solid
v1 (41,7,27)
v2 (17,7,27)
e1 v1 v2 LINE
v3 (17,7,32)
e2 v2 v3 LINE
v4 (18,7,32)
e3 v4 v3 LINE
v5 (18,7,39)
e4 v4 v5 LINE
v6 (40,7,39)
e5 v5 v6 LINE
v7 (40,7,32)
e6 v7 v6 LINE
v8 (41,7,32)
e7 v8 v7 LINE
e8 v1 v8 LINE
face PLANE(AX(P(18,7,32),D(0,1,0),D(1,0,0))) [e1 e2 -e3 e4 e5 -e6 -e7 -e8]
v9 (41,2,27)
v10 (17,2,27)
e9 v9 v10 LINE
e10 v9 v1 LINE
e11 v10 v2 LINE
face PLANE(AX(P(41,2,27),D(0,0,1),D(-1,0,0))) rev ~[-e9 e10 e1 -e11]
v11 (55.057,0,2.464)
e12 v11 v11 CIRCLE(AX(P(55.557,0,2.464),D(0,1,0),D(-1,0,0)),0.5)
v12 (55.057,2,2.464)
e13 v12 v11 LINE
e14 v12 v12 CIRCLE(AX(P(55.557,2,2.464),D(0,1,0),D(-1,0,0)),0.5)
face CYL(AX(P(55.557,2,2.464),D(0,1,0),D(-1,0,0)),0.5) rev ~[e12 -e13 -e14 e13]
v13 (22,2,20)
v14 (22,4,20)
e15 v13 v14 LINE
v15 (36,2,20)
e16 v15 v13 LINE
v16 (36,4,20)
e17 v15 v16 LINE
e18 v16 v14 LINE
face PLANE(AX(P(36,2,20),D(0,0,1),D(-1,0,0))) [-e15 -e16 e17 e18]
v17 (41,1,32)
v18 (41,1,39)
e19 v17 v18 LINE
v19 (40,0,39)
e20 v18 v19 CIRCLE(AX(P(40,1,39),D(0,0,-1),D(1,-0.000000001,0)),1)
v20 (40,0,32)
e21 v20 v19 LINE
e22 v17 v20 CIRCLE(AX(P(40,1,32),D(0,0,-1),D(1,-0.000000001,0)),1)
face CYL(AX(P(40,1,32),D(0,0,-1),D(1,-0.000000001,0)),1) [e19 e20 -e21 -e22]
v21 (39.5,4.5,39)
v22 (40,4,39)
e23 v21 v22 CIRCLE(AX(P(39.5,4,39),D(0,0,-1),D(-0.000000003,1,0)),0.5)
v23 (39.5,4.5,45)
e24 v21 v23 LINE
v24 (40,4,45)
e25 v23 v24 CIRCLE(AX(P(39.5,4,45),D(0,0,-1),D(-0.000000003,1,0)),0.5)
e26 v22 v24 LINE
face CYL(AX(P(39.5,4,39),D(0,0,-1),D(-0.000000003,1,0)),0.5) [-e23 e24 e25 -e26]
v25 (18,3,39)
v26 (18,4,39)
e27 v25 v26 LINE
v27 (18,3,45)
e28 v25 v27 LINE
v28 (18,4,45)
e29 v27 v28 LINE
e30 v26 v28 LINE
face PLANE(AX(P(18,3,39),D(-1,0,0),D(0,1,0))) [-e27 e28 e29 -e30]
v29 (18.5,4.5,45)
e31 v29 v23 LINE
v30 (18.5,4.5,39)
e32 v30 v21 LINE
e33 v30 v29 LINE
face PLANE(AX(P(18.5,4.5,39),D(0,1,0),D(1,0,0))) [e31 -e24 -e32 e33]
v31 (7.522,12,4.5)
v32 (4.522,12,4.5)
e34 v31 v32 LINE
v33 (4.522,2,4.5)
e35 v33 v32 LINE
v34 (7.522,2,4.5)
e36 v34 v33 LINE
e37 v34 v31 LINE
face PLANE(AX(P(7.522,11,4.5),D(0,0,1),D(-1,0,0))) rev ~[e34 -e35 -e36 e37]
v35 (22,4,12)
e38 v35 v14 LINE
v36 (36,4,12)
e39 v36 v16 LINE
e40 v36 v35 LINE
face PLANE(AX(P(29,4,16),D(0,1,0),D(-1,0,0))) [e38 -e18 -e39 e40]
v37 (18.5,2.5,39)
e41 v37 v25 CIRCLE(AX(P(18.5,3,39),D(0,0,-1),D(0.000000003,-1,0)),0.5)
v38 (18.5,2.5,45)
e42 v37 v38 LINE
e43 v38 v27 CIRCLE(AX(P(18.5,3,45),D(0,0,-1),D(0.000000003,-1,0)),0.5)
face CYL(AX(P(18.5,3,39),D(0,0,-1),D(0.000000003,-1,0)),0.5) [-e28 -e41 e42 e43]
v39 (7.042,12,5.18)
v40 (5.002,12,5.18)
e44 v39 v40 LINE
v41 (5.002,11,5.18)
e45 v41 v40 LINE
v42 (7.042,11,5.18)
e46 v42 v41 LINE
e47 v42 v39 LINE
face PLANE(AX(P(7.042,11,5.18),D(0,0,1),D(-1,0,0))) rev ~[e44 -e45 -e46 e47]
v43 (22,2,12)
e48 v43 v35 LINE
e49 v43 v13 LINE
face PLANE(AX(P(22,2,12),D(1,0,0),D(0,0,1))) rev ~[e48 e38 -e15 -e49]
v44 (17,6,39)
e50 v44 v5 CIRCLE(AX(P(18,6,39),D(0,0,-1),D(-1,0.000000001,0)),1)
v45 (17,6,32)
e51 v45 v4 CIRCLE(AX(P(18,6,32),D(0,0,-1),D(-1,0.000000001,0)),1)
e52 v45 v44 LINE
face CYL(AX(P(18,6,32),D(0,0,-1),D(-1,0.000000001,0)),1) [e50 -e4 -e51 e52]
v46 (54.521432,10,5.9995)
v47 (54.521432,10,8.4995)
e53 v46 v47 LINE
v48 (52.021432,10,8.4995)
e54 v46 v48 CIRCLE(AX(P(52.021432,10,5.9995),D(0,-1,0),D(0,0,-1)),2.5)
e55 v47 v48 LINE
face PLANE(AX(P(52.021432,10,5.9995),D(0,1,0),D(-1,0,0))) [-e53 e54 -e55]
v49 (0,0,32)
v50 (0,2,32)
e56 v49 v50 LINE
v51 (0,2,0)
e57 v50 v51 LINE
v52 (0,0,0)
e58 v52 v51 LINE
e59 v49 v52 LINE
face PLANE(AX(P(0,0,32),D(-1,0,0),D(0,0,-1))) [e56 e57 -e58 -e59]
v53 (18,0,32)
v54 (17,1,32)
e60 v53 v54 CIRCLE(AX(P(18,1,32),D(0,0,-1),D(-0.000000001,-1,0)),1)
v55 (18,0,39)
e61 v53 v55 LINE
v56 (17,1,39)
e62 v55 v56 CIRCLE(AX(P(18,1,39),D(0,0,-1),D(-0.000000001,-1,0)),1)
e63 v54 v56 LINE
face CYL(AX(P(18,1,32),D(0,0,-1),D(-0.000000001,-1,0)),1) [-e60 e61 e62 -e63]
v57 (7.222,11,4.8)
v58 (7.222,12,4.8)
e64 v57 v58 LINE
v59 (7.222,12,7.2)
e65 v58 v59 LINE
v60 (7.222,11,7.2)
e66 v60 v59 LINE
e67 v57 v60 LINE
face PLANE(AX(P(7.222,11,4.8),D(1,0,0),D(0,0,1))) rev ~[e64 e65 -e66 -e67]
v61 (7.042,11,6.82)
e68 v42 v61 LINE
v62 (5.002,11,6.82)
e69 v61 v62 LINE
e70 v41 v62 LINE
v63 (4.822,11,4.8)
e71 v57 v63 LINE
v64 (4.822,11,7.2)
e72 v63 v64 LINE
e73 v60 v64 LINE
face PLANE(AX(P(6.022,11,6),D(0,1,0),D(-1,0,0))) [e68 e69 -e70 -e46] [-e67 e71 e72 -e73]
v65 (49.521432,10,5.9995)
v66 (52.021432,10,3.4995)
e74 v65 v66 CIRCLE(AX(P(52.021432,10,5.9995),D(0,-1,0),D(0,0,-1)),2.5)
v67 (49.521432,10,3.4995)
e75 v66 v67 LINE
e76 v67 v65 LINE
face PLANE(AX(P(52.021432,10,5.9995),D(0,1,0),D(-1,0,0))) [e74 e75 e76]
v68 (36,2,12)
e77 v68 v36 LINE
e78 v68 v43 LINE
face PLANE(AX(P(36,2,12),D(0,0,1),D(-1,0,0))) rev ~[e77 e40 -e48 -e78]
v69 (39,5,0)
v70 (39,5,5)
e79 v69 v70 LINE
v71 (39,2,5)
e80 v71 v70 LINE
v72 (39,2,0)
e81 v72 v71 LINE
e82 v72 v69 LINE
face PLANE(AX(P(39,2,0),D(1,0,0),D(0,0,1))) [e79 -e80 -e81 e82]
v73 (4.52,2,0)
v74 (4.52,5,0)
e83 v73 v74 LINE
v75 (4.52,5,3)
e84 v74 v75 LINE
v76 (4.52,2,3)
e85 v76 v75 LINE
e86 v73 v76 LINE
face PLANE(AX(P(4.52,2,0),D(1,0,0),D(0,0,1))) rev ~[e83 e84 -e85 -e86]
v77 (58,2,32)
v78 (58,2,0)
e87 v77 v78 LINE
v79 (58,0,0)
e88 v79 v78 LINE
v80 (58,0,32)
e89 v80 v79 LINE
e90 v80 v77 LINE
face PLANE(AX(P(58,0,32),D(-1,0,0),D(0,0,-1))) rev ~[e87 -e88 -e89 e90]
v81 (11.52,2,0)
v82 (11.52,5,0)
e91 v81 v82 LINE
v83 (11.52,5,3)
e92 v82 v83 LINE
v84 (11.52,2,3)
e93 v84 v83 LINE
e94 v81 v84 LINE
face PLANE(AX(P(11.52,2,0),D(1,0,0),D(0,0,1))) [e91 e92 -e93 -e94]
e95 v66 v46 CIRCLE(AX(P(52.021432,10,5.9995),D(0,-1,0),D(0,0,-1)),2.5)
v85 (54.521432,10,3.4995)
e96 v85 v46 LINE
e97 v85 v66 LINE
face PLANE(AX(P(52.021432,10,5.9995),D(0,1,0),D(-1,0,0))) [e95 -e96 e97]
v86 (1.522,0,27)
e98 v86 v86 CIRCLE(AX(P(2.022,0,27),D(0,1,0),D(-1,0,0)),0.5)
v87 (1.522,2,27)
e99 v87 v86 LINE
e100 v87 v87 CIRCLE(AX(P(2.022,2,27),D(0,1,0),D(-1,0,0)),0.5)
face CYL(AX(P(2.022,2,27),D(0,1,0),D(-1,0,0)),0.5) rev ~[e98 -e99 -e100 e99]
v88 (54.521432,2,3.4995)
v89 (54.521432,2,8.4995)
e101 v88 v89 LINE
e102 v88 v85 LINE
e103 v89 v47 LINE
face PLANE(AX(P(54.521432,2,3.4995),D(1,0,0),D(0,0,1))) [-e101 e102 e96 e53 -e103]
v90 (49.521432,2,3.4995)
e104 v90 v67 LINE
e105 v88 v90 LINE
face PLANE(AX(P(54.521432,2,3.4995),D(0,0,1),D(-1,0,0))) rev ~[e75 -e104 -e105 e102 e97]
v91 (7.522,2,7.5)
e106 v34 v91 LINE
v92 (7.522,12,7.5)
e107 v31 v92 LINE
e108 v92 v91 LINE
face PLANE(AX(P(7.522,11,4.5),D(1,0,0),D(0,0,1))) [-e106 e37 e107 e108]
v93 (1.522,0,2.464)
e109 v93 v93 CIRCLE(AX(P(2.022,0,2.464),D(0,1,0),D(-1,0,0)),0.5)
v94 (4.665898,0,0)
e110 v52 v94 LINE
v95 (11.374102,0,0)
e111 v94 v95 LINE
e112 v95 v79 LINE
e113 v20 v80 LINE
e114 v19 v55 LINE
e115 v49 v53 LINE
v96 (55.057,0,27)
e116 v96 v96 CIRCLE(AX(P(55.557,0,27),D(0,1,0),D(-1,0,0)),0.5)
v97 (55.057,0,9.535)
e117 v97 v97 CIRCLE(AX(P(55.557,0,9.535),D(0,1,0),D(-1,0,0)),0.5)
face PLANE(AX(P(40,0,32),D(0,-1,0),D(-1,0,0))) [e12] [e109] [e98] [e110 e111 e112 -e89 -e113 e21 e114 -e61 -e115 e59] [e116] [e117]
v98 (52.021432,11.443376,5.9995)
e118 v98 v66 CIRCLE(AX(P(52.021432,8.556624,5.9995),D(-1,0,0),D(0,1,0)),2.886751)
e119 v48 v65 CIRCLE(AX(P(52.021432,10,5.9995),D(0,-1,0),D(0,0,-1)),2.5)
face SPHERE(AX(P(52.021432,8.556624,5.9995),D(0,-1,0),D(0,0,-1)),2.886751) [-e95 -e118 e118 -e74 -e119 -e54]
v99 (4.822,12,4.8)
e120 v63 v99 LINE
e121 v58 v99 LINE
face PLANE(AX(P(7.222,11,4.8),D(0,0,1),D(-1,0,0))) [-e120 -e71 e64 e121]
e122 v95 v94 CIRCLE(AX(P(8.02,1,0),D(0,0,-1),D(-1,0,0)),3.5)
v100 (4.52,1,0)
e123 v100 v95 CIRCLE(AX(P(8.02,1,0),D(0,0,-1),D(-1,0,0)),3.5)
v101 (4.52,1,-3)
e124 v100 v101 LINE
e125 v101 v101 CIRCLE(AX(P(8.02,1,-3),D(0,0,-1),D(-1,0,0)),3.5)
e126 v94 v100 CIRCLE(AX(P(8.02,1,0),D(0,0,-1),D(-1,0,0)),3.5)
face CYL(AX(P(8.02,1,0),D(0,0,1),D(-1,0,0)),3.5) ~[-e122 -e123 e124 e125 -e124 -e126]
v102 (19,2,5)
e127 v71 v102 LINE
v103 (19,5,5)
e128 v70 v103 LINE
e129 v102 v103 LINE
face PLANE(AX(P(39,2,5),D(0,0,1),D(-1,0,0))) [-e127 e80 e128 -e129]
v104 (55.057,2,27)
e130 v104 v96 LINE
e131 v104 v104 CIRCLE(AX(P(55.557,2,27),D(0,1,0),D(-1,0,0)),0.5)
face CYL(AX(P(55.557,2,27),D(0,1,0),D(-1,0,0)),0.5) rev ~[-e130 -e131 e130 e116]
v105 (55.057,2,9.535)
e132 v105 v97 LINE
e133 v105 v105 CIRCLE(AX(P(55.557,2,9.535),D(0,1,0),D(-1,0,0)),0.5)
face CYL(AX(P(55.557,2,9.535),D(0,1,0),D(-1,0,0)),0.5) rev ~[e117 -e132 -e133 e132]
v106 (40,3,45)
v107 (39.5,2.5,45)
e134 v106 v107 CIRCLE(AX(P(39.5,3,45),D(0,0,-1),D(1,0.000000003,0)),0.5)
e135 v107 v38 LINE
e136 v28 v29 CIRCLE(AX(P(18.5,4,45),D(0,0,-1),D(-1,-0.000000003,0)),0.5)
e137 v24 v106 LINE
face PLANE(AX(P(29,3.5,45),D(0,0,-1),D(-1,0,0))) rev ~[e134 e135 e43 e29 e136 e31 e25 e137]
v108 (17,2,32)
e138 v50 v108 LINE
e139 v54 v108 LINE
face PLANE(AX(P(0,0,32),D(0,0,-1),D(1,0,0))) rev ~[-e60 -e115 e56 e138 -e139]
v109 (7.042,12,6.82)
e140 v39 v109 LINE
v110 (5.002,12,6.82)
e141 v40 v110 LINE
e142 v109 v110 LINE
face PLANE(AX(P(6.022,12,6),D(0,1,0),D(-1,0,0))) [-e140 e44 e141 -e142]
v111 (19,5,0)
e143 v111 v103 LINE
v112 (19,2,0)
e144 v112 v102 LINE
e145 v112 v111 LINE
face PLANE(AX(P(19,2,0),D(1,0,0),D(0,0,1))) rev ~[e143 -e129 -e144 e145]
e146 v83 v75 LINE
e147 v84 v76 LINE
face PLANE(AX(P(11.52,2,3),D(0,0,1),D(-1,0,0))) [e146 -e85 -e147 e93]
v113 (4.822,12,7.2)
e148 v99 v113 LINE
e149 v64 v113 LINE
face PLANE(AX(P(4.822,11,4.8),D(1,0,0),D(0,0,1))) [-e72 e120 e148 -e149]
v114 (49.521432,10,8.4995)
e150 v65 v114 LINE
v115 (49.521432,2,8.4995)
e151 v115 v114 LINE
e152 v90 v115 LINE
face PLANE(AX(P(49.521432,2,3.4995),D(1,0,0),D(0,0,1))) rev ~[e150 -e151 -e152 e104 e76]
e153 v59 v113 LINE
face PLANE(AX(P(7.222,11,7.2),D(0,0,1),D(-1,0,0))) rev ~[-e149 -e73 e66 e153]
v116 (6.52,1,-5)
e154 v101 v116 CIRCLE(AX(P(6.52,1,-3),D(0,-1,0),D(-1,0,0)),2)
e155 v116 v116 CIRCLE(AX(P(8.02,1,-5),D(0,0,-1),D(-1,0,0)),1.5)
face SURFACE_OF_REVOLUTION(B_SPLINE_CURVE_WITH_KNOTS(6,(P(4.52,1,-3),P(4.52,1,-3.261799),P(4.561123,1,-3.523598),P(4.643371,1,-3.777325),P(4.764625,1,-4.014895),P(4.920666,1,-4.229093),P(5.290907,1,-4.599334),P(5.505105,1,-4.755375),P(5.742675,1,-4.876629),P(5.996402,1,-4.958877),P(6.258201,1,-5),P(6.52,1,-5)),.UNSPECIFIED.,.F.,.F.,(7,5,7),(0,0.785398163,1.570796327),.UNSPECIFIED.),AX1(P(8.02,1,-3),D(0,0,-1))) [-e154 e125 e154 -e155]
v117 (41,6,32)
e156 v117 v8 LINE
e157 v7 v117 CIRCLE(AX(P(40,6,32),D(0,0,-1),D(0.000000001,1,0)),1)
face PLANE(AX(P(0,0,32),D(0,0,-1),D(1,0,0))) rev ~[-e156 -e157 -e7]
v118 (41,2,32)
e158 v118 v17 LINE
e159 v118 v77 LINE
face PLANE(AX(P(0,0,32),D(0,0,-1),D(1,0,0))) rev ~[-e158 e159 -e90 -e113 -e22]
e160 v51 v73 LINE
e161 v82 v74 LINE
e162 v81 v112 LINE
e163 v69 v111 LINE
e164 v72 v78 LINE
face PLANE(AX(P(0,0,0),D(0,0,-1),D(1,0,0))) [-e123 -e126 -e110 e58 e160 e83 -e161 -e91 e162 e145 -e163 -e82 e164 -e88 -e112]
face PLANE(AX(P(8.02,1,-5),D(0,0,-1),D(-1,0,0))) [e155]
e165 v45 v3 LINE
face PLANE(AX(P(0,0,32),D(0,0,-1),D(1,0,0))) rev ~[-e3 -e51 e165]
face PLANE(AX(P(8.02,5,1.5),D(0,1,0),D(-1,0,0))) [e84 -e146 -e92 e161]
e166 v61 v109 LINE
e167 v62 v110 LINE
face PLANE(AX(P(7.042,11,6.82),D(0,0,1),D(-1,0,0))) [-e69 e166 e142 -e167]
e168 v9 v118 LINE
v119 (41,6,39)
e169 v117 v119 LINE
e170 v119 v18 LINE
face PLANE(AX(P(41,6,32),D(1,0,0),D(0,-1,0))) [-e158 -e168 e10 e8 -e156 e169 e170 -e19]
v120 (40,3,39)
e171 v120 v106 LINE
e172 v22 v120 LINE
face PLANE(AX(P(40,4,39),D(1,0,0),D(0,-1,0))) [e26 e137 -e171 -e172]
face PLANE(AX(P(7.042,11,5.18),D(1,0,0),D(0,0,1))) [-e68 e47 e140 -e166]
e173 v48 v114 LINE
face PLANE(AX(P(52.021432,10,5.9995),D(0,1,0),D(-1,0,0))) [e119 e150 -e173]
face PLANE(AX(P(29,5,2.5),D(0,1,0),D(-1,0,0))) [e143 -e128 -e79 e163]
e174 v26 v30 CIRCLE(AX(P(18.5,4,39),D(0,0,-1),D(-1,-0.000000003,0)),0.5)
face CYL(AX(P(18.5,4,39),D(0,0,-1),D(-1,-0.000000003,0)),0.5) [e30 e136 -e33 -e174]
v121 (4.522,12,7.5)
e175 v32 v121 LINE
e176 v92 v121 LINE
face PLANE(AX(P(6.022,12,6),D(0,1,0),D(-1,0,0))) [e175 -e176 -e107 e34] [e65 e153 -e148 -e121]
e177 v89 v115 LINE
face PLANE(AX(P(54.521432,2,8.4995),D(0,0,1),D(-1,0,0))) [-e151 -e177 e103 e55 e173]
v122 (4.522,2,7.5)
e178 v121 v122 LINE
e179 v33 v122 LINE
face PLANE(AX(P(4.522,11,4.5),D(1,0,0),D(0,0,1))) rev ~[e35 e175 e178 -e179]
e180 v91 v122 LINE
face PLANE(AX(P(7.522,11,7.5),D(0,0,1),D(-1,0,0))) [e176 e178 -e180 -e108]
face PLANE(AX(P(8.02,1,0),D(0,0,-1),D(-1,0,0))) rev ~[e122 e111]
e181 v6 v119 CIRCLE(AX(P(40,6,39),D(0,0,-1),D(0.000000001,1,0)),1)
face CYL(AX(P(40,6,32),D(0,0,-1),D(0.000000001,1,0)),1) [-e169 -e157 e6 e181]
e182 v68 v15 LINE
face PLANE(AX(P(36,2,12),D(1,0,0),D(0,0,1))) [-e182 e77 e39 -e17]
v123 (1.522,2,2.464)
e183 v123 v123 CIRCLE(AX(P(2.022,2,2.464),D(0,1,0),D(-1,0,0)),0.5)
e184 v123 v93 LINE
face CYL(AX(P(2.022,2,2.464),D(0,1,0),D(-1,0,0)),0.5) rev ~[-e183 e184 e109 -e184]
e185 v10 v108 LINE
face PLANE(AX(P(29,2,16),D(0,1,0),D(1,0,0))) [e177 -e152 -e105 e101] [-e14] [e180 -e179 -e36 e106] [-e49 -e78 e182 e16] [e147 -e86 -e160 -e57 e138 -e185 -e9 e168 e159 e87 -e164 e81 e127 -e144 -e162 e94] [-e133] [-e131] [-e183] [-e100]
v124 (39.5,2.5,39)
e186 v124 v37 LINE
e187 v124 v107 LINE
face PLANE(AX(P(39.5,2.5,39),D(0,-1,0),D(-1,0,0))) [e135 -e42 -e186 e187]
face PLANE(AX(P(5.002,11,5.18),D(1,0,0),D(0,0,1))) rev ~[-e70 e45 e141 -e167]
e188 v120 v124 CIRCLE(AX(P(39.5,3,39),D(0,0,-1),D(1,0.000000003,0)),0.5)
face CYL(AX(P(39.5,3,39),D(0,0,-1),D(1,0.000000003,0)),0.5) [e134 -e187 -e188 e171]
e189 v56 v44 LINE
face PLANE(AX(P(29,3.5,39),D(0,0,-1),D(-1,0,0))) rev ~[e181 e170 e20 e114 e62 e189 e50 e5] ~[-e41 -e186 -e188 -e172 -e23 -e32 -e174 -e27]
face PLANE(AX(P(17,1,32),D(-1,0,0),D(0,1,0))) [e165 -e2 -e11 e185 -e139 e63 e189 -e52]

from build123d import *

# Parameters (mm, degrees)
SKETCH1_W           = 58
SKETCH1_H           = 32
EXTRUDE1_DEPTH      = 2
CUT_EXTRUDE1_REACH  = 4
SKETCH2_R           = 0.5
SKETCH3_W           = 5
SKETCH3_H           = 5
EXTRUDE2_DEPTH      = 8
SKETCH10_W          = 3
SKETCH10_H          = 3
FLASH_LED_BOX_DEPTH = 9
SKETCH12_W          = 3
SKETCH12_H          = 3
SKETCH12_W_2        = 2.4
SKETCH12_H_2        = 2.4
EXTRUDE4_DEPTH      = 1
SKETCH13_W          = 2.04
SKETCH13_H          = 1.64
EXTRUDE5_DEPTH      = 1
SKETCH14_W          = 24
SKETCH14_H          = 5
EXTRUDE6_DEPTH      = 5
EXTRUDE7_DEPTH      = 7
EXTRUDE8_DEPTH      = 6
SKETCH18_W          = 20
SKETCH18_H          = 5
TO_LCD_DEPTH        = 3
SKETCH19_W          = 14
SKETCH19_H          = 8
FLASH_MEMORY_DEPTH  = 2
SKETCH20_W          = 7
SKETCH20_H          = 3
EXTRUDE11_DEPTH     = 3
SKETCH21_R          = 3.5
EXTRUDE12_DEPTH     = 5
FILLET1_R           = 2


with BuildPart() as part:
    # Sketch1 → Extrude1 (new body)
    with BuildSketch(Plane(origin=(0, 0, 0), x_dir=(1, 0, 0), z_dir=(0, 1, 0))):
        with Locations((29, -16)):
            Rectangle(SKETCH1_W, SKETCH1_H)
    extrude(amount=EXTRUDE1_DEPTH)

    # Sketch2 → Cut-Extrude1 (cut, up to next)
    with BuildSketch(Plane(origin=(0, 2, 0), x_dir=(-1, 0, 0), z_dir=(0, 1, 0)), mode=Mode.PRIVATE) as cut_extrude1_sk1:
        with Locations((-55.557, 2.464)):
            Circle(SKETCH2_R)
    cut_extrude1_tool1 = extrude(cut_extrude1_sk1.sketch, amount=-CUT_EXTRUDE1_REACH, mode=Mode.PRIVATE) & part.part
    add(cut_extrude1_tool1.solids().sort_by_distance((55.557, 2, 2.464))[0], mode=Mode.SUBTRACT)
    # Sketch2 → Cut-Extrude1 (cut, up to next)
    with BuildSketch(Plane(origin=(0, 2, 0), x_dir=(-1, 0, 0), z_dir=(0, 1, 0)), mode=Mode.PRIVATE) as cut_extrude1_sk2:
        with Locations((-55.557, 9.535)):
            Circle(SKETCH2_R)
    cut_extrude1_tool2 = extrude(cut_extrude1_sk2.sketch, amount=-CUT_EXTRUDE1_REACH, mode=Mode.PRIVATE) & part.part
    add(cut_extrude1_tool2.solids().sort_by_distance((55.557, 2, 9.535))[0], mode=Mode.SUBTRACT)
    # Sketch2 → Cut-Extrude1 (cut, up to next)
    with BuildSketch(Plane(origin=(0, 2, 0), x_dir=(-1, 0, 0), z_dir=(0, 1, 0)), mode=Mode.PRIVATE) as cut_extrude1_sk3:
        with Locations((-55.557, 27)):
            Circle(SKETCH2_R)
    cut_extrude1_tool3 = extrude(cut_extrude1_sk3.sketch, amount=-CUT_EXTRUDE1_REACH, mode=Mode.PRIVATE) & part.part
    add(cut_extrude1_tool3.solids().sort_by_distance((55.557, 2, 27))[0], mode=Mode.SUBTRACT)
    # Sketch2 → Cut-Extrude1 (cut, up to next)
    with BuildSketch(Plane(origin=(0, 2, 0), x_dir=(-1, 0, 0), z_dir=(0, 1, 0)), mode=Mode.PRIVATE) as cut_extrude1_sk4:
        with Locations((-2.022, 27)):
            Circle(SKETCH2_R)
    cut_extrude1_tool4 = extrude(cut_extrude1_sk4.sketch, amount=-CUT_EXTRUDE1_REACH, mode=Mode.PRIVATE) & part.part
    add(cut_extrude1_tool4.solids().sort_by_distance((2.022, 2, 27))[0], mode=Mode.SUBTRACT)
    # Sketch2 → Cut-Extrude1 (cut, up to next)
    with BuildSketch(Plane(origin=(0, 2, 0), x_dir=(-1, 0, 0), z_dir=(0, 1, 0)), mode=Mode.PRIVATE) as cut_extrude1_sk5:
        with Locations((-2.022, 2.464)):
            Circle(SKETCH2_R)
    cut_extrude1_tool5 = extrude(cut_extrude1_sk5.sketch, amount=-CUT_EXTRUDE1_REACH, mode=Mode.PRIVATE) & part.part
    add(cut_extrude1_tool5.solids().sort_by_distance((2.022, 2, 2.464))[0], mode=Mode.SUBTRACT)

    # Sketch3 → Extrude2 (add)
    with BuildSketch(Plane(origin=(0, 2, 0), x_dir=(-1, 0, 0), z_dir=(0, 1, 0))):
        with Locations((-52.021432188, 5.9995)):
            Rectangle(SKETCH3_W, SKETCH3_H)
    extrude(amount=EXTRUDE2_DEPTH)

    # Sketch6 → Revolve1 (revolve)
    with BuildSketch(Plane(origin=(52.021432188, 0, 0), x_dir=(0, 0, -1), z_dir=(1, 0, 0))):
        with BuildLine():
            Line((-3.4995, 10), (-5.9995, 10))
            Line((-5.9995, 10), (-5.9995, 11.443375673))
            ThreePointArc((-5.9995, 11.443375673), (-4.556124327, 11.056624327), (-3.4995, 10))
        make_face()
    revolve(axis=Axis((52.021432188, 11.443375673, 5.9995), (0, -1, 0)))

    # Sketch10 → flash led box (add)
    with BuildSketch(Plane(origin=(0, 2, 0), x_dir=(-1, 0, 0), z_dir=(0, 1, 0))):
        with Locations((-6.022, 6)):
            Rectangle(SKETCH10_W, SKETCH10_H)
    extrude(amount=FLASH_LED_BOX_DEPTH)

    # Sketch12 → Extrude4 (add)
    with BuildSketch(Plane(origin=(0, 11, 0), x_dir=(-1, 0, 0), z_dir=(0, 1, 0))):
        with Locations((-6.022, 6)):
            Rectangle(SKETCH12_W, SKETCH12_H)
        with Locations((-6.022, 6)):
            Rectangle(SKETCH12_W_2, SKETCH12_H_2, mode=Mode.SUBTRACT)
    extrude(amount=EXTRUDE4_DEPTH)

    # Sketch13 → Extrude5 (add)
    with BuildSketch(Plane(origin=(0, 11, 0), x_dir=(-1, 0, 0), z_dir=(0, 1, 0))):
        with Locations((-6.022, 6)):
            Rectangle(SKETCH13_W, SKETCH13_H)
    extrude(amount=EXTRUDE5_DEPTH)

    # Sketch14 → Extrude6 (add)
    with BuildSketch(Plane(origin=(0, 2, 0), x_dir=(-1, 0, 0), z_dir=(0, 1, 0))):
        with Locations((-29, 29.5)):
            Rectangle(SKETCH14_W, SKETCH14_H)
    extrude(amount=EXTRUDE6_DEPTH)

    # Sketch16 → Extrude7 (add)
    with BuildSketch(Plane.XY.offset(32)):
        with BuildLine():
            Line((18, 7), (40, 7))
            ThreePointArc((40, 7), (40.707106781, 6.707106781), (41, 6))
            Line((41, 6), (41, 1))
            ThreePointArc((41, 1), (40.707106781, 0.292893219), (40, 0))
            Line((40, 0), (18, 0))
            ThreePointArc((18, 0), (17.292893219, 0.292893219), (17, 1))
            Line((17, 1), (17, 6))
            ThreePointArc((17, 6), (17.292893219, 6.707106781), (18, 7))
        make_face()
    extrude(amount=EXTRUDE7_DEPTH)

    # Sketch17 → Extrude8 (add)
    with BuildSketch(Plane.XY.offset(39)):
        with BuildLine():
            Line((18.5, 4.5), (39.5, 4.5))
            ThreePointArc((39.5, 4.5), (39.853553391, 4.353553391), (40, 4))
            Line((40, 4), (40, 3))
            ThreePointArc((40, 3), (39.853553391, 2.646446609), (39.5, 2.5))
            Line((39.5, 2.5), (18.5, 2.5))
            ThreePointArc((18.5, 2.5), (18.146446609, 2.646446609), (18, 3))
            Line((18, 3), (18, 4))
            ThreePointArc((18, 4), (18.146446609, 4.353553391), (18.5, 4.5))
        make_face()
    extrude(amount=EXTRUDE8_DEPTH)

    # Sketch18 → to lcd (add)
    with BuildSketch(Plane(origin=(0, 2, 0), x_dir=(-1, 0, 0), z_dir=(0, 1, 0))):
        with Locations((-29, 2.5)):
            Rectangle(SKETCH18_W, SKETCH18_H)
    extrude(amount=TO_LCD_DEPTH)

    # Sketch19 → flash memory (add)
    with BuildSketch(Plane(origin=(0, 2, 0), x_dir=(-1, 0, 0), z_dir=(0, 1, 0))):
        with Locations((-29, 16)):
            Rectangle(SKETCH19_W, SKETCH19_H)
    extrude(amount=FLASH_MEMORY_DEPTH)

    # Sketch20 → Extrude11 (add)
    with BuildSketch(Plane(origin=(0, 2, 0), x_dir=(-1, 0, 0), z_dir=(0, 1, 0))):
        with Locations((-8.02, 1.5)):
            Rectangle(SKETCH20_W, SKETCH20_H)
    extrude(amount=EXTRUDE11_DEPTH)

    # Sketch21 → Extrude12 (add)
    with BuildSketch(Plane(origin=(0, 0, 0), x_dir=(-1, 0, 0), z_dir=(0, 0, -1))):
        with Locations((-8.02, 1)):
            Circle(SKETCH21_R)
    extrude(amount=EXTRUDE12_DEPTH)

    # Fillet1
    fillet1_edges = [part.edges().sort_by_distance(p)[0] for p in [
        (11.52, 1, -5),
    ]]
    fillet(fillet1_edges, radius=FILLET1_R)


solid = part.part
